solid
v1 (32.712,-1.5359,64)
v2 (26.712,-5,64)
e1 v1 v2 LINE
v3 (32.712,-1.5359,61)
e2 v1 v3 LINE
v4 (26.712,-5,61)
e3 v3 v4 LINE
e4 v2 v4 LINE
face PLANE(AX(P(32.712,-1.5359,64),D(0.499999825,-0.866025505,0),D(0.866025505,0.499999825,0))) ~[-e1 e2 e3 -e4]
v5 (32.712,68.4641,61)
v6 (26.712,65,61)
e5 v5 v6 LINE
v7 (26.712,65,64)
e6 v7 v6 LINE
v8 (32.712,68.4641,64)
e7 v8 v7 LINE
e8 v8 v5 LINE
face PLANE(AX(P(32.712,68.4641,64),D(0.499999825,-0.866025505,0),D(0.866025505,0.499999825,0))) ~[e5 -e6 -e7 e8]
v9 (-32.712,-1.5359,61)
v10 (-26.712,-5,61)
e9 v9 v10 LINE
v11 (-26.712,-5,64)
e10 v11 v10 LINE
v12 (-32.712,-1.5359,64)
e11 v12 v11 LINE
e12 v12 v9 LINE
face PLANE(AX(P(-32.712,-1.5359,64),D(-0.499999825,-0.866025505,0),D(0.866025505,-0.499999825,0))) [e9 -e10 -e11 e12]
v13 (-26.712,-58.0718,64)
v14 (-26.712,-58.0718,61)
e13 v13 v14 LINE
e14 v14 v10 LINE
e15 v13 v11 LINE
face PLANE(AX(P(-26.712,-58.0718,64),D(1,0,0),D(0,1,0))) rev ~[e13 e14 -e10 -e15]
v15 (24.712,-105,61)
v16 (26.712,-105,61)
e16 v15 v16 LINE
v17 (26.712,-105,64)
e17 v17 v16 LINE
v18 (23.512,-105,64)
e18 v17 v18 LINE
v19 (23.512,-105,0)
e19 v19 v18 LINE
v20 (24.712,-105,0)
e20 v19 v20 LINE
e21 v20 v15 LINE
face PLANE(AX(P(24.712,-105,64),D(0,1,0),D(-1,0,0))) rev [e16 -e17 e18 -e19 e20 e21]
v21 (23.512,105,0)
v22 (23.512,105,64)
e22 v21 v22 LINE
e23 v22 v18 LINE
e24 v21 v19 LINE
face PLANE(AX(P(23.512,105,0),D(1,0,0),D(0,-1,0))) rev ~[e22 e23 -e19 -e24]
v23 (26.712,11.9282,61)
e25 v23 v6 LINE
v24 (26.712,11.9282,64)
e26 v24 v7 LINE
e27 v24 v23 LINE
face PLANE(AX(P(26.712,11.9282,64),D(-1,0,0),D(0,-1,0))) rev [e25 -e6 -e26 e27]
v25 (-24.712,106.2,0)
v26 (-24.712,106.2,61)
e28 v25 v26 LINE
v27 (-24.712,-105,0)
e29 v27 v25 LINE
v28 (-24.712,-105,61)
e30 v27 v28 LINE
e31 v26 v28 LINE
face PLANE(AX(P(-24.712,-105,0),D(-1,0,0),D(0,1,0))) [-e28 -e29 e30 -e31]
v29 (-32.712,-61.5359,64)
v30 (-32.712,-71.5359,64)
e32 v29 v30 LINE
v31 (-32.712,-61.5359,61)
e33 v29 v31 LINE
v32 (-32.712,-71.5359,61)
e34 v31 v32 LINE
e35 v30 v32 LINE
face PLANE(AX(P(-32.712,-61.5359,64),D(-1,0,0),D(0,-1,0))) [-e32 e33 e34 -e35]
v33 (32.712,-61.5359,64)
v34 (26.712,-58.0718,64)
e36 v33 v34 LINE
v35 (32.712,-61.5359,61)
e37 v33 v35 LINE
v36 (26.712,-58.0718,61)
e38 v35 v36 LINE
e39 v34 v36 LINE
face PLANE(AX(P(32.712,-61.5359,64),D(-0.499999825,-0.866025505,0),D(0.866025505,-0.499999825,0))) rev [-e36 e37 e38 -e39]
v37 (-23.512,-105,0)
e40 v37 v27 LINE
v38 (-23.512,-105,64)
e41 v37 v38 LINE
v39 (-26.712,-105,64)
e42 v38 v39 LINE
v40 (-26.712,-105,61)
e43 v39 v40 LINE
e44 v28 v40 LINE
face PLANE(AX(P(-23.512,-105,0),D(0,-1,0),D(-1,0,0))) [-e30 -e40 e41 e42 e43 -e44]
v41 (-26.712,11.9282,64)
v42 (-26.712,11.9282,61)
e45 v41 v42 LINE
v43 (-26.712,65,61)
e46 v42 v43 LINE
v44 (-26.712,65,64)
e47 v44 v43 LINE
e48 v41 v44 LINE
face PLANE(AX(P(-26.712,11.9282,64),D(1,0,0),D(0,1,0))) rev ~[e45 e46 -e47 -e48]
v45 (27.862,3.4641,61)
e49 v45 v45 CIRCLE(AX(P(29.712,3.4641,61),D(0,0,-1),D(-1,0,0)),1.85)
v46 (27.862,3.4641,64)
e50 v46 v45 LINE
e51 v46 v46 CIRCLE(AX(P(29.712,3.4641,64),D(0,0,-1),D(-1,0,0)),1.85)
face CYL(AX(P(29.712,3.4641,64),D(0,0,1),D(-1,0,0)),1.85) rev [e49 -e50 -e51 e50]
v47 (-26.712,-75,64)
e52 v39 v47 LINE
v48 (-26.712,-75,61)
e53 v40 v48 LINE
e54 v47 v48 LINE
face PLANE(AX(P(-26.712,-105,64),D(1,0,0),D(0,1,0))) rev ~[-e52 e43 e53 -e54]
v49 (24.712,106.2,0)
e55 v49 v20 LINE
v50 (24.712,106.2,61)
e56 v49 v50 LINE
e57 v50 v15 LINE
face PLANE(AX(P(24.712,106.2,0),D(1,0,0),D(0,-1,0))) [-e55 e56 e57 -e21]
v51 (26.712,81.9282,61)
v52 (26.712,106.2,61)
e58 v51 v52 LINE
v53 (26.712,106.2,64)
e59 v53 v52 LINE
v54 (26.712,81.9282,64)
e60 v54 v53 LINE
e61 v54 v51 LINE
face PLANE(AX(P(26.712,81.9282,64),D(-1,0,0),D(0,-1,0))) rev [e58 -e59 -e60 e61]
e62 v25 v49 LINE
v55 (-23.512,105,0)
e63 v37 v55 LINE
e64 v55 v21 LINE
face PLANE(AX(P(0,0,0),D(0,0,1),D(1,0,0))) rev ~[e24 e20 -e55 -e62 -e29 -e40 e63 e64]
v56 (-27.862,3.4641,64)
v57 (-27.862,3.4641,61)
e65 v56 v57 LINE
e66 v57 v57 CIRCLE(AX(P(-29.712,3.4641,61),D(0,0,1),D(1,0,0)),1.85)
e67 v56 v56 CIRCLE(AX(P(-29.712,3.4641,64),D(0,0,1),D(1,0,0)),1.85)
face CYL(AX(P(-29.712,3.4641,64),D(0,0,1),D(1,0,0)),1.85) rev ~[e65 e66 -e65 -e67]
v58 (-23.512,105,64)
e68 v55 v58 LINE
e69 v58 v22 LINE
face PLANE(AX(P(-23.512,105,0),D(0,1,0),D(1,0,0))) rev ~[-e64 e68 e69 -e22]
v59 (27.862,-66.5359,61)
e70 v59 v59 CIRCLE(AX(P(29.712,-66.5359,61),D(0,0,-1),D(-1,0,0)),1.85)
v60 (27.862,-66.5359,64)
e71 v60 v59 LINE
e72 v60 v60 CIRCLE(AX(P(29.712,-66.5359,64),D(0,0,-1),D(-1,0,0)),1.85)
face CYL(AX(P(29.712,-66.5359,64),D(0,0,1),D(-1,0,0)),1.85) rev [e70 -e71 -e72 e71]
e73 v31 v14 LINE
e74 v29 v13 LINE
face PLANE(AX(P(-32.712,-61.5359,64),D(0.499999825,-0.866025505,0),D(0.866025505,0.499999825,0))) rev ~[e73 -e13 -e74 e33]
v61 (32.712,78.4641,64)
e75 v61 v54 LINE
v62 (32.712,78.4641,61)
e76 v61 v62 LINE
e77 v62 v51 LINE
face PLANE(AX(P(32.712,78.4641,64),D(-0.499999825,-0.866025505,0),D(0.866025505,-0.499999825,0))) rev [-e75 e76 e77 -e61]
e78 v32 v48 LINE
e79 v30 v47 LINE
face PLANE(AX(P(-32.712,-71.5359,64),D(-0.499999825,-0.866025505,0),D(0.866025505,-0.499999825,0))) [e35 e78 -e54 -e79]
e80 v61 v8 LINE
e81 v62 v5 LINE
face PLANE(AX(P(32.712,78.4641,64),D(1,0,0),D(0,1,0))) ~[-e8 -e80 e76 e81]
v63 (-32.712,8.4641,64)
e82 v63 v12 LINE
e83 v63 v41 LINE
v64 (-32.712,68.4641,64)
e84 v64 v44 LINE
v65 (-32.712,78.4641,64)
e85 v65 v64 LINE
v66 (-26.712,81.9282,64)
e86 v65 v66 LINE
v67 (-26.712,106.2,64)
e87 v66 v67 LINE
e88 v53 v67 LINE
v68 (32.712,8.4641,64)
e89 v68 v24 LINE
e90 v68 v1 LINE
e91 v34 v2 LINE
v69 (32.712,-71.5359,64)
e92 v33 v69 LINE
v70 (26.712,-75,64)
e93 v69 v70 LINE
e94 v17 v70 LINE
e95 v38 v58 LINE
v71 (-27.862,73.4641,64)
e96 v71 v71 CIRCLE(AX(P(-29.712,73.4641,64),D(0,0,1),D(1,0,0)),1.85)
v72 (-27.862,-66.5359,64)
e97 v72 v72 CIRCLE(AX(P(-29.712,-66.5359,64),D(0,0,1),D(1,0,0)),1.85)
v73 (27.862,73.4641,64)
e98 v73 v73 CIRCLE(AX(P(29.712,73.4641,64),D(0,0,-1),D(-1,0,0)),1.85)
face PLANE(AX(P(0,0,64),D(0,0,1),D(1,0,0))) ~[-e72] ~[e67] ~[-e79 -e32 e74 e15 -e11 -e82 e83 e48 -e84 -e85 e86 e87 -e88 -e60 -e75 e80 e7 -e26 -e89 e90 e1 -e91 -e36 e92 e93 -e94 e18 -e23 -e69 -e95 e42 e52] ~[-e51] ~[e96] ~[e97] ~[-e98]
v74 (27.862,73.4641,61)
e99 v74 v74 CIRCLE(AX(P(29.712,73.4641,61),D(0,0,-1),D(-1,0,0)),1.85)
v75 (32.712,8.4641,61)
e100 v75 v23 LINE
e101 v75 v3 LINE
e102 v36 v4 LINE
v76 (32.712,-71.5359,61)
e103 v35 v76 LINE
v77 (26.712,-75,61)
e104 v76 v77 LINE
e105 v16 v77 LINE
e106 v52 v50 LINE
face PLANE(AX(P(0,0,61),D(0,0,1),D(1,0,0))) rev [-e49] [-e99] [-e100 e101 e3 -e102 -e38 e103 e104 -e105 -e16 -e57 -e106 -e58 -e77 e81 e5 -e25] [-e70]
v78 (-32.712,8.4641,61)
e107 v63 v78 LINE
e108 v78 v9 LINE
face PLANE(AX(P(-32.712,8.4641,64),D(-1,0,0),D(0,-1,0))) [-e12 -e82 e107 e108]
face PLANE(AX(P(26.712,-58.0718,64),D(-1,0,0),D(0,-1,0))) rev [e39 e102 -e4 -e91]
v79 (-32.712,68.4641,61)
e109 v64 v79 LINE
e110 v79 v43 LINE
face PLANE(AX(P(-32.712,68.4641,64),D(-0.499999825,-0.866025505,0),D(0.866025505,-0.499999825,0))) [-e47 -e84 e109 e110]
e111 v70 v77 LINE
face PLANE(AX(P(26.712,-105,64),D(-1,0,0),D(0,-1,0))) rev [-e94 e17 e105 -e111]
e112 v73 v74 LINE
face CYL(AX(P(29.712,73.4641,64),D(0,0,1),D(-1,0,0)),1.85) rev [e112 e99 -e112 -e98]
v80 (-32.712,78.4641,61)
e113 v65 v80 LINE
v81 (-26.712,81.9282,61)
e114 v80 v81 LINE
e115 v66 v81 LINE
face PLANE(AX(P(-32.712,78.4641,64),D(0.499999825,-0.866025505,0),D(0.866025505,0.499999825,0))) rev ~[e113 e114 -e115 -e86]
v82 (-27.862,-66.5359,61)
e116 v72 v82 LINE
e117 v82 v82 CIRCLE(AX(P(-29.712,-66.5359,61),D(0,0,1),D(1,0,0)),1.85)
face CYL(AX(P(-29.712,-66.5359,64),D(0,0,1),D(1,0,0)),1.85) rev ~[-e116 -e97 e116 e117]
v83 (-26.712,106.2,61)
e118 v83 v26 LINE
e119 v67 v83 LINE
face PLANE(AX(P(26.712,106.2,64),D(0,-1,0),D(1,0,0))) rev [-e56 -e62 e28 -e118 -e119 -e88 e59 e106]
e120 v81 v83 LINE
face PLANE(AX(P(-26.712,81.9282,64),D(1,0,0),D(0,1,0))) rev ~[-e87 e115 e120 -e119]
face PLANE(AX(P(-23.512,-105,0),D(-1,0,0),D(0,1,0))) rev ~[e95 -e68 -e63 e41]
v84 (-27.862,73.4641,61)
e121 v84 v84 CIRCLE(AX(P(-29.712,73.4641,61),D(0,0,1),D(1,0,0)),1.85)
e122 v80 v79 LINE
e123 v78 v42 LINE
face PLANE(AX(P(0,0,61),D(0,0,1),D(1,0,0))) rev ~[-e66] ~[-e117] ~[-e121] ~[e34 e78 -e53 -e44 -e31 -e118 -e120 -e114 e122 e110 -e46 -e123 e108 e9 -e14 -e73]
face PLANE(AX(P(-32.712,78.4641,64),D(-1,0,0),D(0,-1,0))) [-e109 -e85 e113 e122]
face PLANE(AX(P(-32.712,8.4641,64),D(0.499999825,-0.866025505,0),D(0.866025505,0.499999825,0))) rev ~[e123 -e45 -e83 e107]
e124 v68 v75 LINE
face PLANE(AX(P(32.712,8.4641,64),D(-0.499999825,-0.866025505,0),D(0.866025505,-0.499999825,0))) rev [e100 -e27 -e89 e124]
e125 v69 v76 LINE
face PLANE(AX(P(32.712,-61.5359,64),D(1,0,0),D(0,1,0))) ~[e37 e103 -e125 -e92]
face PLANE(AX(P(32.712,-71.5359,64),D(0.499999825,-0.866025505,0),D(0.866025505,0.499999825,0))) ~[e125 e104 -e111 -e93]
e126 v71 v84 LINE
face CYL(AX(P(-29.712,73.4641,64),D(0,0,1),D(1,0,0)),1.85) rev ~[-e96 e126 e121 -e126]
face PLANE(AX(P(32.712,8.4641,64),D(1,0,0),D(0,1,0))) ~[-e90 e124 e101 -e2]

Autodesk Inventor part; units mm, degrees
ref_plane "YZ Plane" through (0, 0, 0) normal (1, 0, 0) x (0, 1, 0)
ref_plane "XZ Plane" through (0, 0, 0) normal (0, 1, 0) x (-1, 0, 0)
ref_plane "XY Plane" through (0, 0, 0) normal (0, 0, 1) x (1, 0, 0)
sketch "Sketch1" plane through (0, 0, 0) normal (0, 0, 1) x (1, 0, 0)
  line L0 (-23.512, 105) -> (23.512, 105)
  line L1 (23.512, 105) -> (23.512, -105)
  line L2 (23.512, -105) -> (-23.512, -105)
  line L3 (-23.512, -105) -> (-23.512, 105)
  line L4 (-23.512, 105) -> (23.512, -105) construction
  line L5 (23.512, 105) -> (-23.512, -105) construction
  line L6 (-24.712, 106.2) -> (24.712, 106.2)
  line L7 (24.712, 106.2) -> (24.712, -106.2)
  line L8 (24.712, -106.2) -> (-24.712, -106.2)
  line L9 (-24.712, -106.2) -> (-24.712, 106.2)
  line L10 (-24.712, 106.2) -> (24.712, -106.2) construction
  line L11 (24.712, 106.2) -> (-24.712, -106.2) construction
  line L12 (23.512, -105) -> (24.712, -105)
  line L13 (-23.512, -105) -> (-24.712, -105)
  point P0 (0, 0)
  dimension "d0" = 47.024
  dimension "d1" = 210
  dimension "d2" = 1.2
  dimension "d3" = 1.2
extrude "Extrusion1" add sketch "Sketch1" along normal blind 64 contours L3 L13 L9 L6 L7 L12 L1 L0
sketch "Sketch2" plane through (0, 0, 64) normal (0, 0, 1) x (1, 0, 0)
  line L0 (23.512, -105) -> (24.712, -105) projected
  line L1 (24.712, -105) -> (24.712, 106.2) projected
  line L2 (24.712, 106.2) -> (-24.712, 106.2) projected
  line L3 (-24.712, 106.2) -> (-24.712, -105) projected
  line L4 (-24.712, -105) -> (-23.512, -105) projected
  line L5 (-23.512, -105) -> (-23.512, 105) projected
  line L6 (-23.512, 105) -> (23.512, 105) projected
  line L7 (23.512, 105) -> (23.512, -105) projected
  circle A0 centre (-29.712, -66.5359) radius 1.85
  line L8 (-24.712, -105) -> (-26.712, -105)
  line L9 (-26.712, -105) -> (-26.712, -75)
  line L10 (-32.712, -61.5359) -> (-32.712, -71.5359)
  line L11 (-32.712, -71.5359) -> (-26.712, -75)
  line L12 (-32.712, -61.5359) -> (-26.712, -58.0718)
  line L13 (-26.712, -75) -> (-26.712, -58.0718) construction
  line L14 (-32.712, 8.4641) -> (-26.712, 11.9282)
  line L15 (-32.712, 8.4641) -> (-32.712, -1.5359)
  line L16 (-32.712, -1.5359) -> (-26.712, -5)
  line L17 (-26.712, -5) -> (-26.712, 11.9282) construction
  circle A1 centre (-29.712, 3.4641) radius 1.85
  line L18 (-32.712, 78.4641) -> (-26.712, 81.9282)
  line L19 (-32.712, 78.4641) -> (-32.712, 68.4641)
  line L20 (-32.712, 68.4641) -> (-26.712, 65)
  line L21 (-26.712, 65) -> (-26.712, 81.9282) construction
  circle A2 centre (-29.712, 73.4641) radius 1.85
  line L22 (-26.712, -58.0718) -> (-26.712, -5)
  line L23 (-26.712, 11.9282) -> (-26.712, 65)
  line L24 (-26.712, 81.9282) -> (-26.712, 106.2)
  line L25 (-26.712, 106.2) -> (-24.712, 106.2)
  point P0 (0, 0)
  point P1 (-32.712, -66.5359)
  point P2 (-32.712, 3.4641)
  point P3 (-32.712, 73.4641)
  dimension "d6" = 3.7
  dimension "d7" = 5
  dimension "d8" = 3
  dimension "d9" = 10
  dimension "d10" = 60
  dimension "d11" = 60
  dimension "d12" = 30
  dimension "d13" = 2
  dimension "d16" = 70
extrude "Extrusion2" add sketch "Sketch2" against normal blind 3 contours L3 L8 L9 L11 L10 L12 L22 L16 L15 L14 L23 L20 L19 L18 L24 L25
mirror "Mirror1" about plane through (0, 0, 0) normal (1, 0, 0) of "Extrusion2"
equation "\"d3\" = d2"
equation "\"d11\" = d10"
properties part number "Drag Chain Cover" material "ABS Plastic"
